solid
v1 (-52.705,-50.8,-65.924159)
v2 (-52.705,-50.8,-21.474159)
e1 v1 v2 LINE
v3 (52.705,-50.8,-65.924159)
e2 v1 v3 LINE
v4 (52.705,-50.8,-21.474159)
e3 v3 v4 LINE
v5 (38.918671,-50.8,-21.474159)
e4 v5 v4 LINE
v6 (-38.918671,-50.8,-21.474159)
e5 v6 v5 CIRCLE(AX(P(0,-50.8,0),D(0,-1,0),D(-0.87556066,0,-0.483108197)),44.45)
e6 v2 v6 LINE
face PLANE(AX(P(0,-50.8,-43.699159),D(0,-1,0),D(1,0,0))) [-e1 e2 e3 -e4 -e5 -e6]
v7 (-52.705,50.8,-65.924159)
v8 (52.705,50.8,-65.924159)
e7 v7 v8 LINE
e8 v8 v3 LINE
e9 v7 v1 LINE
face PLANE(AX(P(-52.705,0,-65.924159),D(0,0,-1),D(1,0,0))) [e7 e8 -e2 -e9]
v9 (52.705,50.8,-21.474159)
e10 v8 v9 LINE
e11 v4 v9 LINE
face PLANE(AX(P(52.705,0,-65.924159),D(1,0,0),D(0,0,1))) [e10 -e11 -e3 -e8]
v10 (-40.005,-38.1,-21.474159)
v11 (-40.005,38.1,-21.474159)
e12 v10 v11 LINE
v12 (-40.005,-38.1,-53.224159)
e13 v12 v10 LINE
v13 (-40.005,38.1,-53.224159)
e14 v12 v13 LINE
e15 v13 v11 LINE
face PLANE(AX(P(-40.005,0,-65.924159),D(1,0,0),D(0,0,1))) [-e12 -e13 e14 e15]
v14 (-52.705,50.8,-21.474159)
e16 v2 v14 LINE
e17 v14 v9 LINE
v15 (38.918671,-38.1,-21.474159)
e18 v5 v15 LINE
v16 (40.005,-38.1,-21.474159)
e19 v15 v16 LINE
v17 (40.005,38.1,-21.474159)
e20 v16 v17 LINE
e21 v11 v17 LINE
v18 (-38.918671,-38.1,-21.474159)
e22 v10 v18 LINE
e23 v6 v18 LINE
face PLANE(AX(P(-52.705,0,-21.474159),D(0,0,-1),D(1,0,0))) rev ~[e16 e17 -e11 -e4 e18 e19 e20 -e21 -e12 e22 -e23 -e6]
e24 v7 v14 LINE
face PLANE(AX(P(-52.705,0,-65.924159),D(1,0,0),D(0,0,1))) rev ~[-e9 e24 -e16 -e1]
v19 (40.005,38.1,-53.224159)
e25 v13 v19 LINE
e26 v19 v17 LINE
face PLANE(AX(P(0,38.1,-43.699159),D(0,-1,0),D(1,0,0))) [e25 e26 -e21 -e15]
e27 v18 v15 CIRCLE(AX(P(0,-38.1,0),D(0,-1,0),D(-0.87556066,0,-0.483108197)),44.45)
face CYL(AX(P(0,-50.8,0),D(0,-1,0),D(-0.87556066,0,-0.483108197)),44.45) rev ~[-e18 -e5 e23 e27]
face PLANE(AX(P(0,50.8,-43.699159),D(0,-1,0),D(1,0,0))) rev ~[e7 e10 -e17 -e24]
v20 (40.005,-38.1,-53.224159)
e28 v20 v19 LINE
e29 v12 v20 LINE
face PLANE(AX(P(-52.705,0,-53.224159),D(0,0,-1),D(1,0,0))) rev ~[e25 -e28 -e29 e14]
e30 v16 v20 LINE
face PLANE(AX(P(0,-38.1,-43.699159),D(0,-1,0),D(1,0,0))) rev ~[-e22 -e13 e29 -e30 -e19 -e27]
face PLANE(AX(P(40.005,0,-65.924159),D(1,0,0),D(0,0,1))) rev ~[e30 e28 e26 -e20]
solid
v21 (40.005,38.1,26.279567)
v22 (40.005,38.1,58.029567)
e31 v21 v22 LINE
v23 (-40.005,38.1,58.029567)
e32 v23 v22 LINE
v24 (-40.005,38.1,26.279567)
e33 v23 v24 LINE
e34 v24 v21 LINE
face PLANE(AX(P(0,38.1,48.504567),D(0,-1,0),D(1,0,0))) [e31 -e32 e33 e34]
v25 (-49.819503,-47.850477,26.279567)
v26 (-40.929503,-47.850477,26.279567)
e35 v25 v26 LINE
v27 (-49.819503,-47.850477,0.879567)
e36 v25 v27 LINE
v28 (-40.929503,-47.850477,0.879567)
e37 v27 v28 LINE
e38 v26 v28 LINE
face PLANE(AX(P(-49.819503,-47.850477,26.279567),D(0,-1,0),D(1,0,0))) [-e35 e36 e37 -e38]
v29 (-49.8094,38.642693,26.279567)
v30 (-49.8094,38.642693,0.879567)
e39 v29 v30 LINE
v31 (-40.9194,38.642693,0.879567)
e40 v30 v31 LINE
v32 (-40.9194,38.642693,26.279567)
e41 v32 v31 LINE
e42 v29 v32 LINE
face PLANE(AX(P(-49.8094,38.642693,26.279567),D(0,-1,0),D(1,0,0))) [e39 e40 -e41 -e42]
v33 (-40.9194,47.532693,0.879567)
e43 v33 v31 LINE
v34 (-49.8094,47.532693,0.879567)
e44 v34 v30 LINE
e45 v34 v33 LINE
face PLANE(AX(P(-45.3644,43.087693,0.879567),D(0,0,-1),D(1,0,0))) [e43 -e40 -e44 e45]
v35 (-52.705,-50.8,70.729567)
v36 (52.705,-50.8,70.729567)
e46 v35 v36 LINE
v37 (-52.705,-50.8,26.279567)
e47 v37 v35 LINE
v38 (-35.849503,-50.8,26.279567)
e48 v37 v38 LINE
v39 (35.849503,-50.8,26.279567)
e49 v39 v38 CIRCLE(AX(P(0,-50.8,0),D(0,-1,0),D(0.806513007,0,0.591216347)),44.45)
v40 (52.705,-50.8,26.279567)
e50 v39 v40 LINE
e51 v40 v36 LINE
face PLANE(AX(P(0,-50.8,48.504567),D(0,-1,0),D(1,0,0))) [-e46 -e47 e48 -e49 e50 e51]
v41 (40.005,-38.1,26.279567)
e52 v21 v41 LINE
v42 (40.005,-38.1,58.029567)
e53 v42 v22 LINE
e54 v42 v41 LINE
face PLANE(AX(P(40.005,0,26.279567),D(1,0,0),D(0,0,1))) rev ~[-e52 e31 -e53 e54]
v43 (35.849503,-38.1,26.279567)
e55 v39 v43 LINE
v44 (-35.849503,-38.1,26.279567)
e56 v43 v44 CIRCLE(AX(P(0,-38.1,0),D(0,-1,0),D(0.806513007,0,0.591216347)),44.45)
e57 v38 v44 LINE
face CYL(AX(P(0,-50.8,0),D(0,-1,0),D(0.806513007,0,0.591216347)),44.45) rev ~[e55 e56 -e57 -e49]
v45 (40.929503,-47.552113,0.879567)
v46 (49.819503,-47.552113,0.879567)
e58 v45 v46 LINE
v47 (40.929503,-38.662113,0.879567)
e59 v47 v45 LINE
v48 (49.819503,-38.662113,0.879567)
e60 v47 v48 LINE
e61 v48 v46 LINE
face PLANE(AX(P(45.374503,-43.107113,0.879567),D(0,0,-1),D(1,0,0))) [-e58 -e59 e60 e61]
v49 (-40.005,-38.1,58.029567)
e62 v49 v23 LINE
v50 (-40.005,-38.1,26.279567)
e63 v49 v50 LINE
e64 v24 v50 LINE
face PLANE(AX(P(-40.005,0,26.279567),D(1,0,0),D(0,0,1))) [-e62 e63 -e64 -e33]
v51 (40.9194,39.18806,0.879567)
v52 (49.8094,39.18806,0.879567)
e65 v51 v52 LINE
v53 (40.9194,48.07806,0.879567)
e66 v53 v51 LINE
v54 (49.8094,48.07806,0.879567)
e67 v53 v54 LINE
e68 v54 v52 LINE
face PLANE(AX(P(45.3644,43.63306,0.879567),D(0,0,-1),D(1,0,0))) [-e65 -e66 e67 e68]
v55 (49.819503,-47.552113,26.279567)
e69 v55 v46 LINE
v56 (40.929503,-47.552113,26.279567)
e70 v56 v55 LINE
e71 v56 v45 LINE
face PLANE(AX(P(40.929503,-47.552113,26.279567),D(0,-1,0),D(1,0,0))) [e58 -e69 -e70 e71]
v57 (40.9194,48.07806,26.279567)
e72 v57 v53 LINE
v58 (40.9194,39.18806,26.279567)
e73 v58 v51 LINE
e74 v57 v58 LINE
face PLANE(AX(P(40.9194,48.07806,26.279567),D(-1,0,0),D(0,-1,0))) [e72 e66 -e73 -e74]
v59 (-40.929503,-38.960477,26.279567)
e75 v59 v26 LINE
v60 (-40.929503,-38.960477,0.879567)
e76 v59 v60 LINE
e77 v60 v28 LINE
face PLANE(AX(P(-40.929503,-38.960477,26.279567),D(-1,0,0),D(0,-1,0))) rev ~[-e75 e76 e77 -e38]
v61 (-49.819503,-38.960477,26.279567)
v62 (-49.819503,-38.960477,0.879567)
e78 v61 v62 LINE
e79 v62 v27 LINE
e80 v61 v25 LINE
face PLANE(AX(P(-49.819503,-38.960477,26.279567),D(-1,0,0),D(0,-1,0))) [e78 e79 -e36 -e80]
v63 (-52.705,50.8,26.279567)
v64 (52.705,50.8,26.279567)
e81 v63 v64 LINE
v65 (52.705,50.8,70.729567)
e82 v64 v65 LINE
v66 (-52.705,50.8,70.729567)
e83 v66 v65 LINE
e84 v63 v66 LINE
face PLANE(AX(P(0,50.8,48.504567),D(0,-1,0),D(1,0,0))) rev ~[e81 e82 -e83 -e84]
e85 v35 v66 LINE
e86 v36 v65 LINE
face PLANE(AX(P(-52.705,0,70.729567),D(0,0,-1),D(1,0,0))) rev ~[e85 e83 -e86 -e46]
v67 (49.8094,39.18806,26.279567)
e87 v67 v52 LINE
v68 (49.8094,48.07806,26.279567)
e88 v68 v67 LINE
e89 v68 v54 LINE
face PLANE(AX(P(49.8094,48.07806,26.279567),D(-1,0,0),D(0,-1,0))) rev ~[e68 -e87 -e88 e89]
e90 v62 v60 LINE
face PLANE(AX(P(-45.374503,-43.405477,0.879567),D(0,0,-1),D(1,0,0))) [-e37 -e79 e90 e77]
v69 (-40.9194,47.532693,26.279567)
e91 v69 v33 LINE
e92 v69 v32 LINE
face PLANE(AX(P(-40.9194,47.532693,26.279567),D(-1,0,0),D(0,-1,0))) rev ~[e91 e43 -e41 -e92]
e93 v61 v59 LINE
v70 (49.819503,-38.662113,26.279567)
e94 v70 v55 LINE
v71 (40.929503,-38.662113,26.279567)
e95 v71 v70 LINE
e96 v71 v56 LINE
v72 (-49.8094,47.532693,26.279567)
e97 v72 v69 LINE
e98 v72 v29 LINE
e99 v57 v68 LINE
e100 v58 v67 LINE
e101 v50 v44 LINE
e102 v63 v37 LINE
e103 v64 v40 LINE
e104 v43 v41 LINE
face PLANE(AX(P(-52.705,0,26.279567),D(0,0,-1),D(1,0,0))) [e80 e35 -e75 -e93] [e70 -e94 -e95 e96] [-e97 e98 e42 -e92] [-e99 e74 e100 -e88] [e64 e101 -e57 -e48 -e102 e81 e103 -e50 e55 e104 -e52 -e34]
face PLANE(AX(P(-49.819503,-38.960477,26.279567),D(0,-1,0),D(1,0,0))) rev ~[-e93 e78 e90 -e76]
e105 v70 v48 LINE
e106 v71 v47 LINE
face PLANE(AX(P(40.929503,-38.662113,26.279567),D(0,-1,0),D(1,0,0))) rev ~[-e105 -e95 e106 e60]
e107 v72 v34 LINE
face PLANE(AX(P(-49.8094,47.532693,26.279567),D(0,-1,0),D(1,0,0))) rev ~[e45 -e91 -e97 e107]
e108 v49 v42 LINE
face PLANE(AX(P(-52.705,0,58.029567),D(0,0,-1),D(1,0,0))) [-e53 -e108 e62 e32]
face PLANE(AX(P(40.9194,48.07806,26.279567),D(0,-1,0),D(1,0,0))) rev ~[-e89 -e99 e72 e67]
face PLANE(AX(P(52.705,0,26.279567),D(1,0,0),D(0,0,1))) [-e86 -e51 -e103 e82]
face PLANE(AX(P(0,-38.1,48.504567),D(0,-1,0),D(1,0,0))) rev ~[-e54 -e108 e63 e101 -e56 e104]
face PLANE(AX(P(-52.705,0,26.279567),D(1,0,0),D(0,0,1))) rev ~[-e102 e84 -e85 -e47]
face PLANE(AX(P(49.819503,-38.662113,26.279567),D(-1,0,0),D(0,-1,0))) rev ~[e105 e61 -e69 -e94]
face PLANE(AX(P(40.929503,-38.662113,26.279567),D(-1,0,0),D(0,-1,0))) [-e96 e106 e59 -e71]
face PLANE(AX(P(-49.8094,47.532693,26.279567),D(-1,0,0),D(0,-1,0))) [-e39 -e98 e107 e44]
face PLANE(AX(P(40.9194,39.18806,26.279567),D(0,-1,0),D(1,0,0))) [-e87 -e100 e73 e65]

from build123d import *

# Parameters (mm, degrees)
F0_W     = 105.41
F0_H     = 44.45
F1_DEPTH = 50.8
F2_T     = -12.7
F2_2_T   = -12.7
F4_DEPTH = 25.4
F6_DEPTH = 25.4
F7_W     = 8.89
F7_H     = 8.89
F8_DEPTH = 25.4


with BuildPart() as f1:
    # F0 (on Front) → F1 (new body, symmetric)
    with BuildSketch(Plane.XZ):
        with Locations((0, 48.5045666443)):
            Rectangle(F0_W, F0_H)
    extrude(amount=F1_DEPTH, both=True)

    # F2#2
    f2_2_openings = [f1.faces().sort_by_distance(p)[0] for p in [
        (0, 0, 26.279567),
    ]]
    offset(amount=F2_2_T, openings=f2_2_openings)

    # F3 (on face) → F4 (cut)
    with BuildSketch(Plane.XZ.offset(50.8)):
        with BuildLine():
            Line((-35.8495031623, 26.2795666443), (35.8495031623, 26.2795666443))
            ThreePointArc((35.8495031623, 26.2795666443), (0, 44.45), (-35.8495031623, 26.2795666443))
        make_face()
    extrude(amount=-F4_DEPTH, mode=Mode.SUBTRACT)

    # F7 (on face) → F8 (join)
    with BuildSketch(Plane(origin=(0, 0, 26.2795666443), x_dir=(1, 0, 0), z_dir=(0, 0, -1))):
        with Locations((-45.3745031623, 43.4054770315)):
            Rectangle(F7_W, F7_H)
        with Locations((-45.3644, -43.0876925516)):
            Rectangle(F7_W, F7_H)
        with Locations((45.3745031623, 43.1071132493)):
            Rectangle(F7_W, F7_H)
        with Locations((45.3644, -43.6330601501)):
            Rectangle(F7_W, F7_H)
    extrude(amount=F8_DEPTH)


with BuildPart() as f1b:
    # F0 (on Front) → F1, piece 2 (new body, symmetric)
    with BuildSketch(Plane.XZ):
        with Locations((0, -43.69915935)):
            Rectangle(F0_W, F0_H)
    extrude(amount=F1_DEPTH, both=True)

    # F2
    f2_openings = [f1b.faces().sort_by_distance(p)[0] for p in [
        (0, 0, -21.474159),
    ]]
    offset(amount=F2_T, openings=f2_openings)

    # F5 (on face) → F6 (cut)
    with BuildSketch(Plane.XZ.offset(50.8)):
        with BuildLine():
            Line((38.9186713572, -21.47415935), (-38.9186713572, -21.47415935))
            ThreePointArc((-38.9186713572, -21.47415935), (0, -44.45), (38.9186713572, -21.47415935))
        make_face()
    extrude(amount=-F6_DEPTH, mode=Mode.SUBTRACT)


solid = Compound([f1.part, f1b.part])
